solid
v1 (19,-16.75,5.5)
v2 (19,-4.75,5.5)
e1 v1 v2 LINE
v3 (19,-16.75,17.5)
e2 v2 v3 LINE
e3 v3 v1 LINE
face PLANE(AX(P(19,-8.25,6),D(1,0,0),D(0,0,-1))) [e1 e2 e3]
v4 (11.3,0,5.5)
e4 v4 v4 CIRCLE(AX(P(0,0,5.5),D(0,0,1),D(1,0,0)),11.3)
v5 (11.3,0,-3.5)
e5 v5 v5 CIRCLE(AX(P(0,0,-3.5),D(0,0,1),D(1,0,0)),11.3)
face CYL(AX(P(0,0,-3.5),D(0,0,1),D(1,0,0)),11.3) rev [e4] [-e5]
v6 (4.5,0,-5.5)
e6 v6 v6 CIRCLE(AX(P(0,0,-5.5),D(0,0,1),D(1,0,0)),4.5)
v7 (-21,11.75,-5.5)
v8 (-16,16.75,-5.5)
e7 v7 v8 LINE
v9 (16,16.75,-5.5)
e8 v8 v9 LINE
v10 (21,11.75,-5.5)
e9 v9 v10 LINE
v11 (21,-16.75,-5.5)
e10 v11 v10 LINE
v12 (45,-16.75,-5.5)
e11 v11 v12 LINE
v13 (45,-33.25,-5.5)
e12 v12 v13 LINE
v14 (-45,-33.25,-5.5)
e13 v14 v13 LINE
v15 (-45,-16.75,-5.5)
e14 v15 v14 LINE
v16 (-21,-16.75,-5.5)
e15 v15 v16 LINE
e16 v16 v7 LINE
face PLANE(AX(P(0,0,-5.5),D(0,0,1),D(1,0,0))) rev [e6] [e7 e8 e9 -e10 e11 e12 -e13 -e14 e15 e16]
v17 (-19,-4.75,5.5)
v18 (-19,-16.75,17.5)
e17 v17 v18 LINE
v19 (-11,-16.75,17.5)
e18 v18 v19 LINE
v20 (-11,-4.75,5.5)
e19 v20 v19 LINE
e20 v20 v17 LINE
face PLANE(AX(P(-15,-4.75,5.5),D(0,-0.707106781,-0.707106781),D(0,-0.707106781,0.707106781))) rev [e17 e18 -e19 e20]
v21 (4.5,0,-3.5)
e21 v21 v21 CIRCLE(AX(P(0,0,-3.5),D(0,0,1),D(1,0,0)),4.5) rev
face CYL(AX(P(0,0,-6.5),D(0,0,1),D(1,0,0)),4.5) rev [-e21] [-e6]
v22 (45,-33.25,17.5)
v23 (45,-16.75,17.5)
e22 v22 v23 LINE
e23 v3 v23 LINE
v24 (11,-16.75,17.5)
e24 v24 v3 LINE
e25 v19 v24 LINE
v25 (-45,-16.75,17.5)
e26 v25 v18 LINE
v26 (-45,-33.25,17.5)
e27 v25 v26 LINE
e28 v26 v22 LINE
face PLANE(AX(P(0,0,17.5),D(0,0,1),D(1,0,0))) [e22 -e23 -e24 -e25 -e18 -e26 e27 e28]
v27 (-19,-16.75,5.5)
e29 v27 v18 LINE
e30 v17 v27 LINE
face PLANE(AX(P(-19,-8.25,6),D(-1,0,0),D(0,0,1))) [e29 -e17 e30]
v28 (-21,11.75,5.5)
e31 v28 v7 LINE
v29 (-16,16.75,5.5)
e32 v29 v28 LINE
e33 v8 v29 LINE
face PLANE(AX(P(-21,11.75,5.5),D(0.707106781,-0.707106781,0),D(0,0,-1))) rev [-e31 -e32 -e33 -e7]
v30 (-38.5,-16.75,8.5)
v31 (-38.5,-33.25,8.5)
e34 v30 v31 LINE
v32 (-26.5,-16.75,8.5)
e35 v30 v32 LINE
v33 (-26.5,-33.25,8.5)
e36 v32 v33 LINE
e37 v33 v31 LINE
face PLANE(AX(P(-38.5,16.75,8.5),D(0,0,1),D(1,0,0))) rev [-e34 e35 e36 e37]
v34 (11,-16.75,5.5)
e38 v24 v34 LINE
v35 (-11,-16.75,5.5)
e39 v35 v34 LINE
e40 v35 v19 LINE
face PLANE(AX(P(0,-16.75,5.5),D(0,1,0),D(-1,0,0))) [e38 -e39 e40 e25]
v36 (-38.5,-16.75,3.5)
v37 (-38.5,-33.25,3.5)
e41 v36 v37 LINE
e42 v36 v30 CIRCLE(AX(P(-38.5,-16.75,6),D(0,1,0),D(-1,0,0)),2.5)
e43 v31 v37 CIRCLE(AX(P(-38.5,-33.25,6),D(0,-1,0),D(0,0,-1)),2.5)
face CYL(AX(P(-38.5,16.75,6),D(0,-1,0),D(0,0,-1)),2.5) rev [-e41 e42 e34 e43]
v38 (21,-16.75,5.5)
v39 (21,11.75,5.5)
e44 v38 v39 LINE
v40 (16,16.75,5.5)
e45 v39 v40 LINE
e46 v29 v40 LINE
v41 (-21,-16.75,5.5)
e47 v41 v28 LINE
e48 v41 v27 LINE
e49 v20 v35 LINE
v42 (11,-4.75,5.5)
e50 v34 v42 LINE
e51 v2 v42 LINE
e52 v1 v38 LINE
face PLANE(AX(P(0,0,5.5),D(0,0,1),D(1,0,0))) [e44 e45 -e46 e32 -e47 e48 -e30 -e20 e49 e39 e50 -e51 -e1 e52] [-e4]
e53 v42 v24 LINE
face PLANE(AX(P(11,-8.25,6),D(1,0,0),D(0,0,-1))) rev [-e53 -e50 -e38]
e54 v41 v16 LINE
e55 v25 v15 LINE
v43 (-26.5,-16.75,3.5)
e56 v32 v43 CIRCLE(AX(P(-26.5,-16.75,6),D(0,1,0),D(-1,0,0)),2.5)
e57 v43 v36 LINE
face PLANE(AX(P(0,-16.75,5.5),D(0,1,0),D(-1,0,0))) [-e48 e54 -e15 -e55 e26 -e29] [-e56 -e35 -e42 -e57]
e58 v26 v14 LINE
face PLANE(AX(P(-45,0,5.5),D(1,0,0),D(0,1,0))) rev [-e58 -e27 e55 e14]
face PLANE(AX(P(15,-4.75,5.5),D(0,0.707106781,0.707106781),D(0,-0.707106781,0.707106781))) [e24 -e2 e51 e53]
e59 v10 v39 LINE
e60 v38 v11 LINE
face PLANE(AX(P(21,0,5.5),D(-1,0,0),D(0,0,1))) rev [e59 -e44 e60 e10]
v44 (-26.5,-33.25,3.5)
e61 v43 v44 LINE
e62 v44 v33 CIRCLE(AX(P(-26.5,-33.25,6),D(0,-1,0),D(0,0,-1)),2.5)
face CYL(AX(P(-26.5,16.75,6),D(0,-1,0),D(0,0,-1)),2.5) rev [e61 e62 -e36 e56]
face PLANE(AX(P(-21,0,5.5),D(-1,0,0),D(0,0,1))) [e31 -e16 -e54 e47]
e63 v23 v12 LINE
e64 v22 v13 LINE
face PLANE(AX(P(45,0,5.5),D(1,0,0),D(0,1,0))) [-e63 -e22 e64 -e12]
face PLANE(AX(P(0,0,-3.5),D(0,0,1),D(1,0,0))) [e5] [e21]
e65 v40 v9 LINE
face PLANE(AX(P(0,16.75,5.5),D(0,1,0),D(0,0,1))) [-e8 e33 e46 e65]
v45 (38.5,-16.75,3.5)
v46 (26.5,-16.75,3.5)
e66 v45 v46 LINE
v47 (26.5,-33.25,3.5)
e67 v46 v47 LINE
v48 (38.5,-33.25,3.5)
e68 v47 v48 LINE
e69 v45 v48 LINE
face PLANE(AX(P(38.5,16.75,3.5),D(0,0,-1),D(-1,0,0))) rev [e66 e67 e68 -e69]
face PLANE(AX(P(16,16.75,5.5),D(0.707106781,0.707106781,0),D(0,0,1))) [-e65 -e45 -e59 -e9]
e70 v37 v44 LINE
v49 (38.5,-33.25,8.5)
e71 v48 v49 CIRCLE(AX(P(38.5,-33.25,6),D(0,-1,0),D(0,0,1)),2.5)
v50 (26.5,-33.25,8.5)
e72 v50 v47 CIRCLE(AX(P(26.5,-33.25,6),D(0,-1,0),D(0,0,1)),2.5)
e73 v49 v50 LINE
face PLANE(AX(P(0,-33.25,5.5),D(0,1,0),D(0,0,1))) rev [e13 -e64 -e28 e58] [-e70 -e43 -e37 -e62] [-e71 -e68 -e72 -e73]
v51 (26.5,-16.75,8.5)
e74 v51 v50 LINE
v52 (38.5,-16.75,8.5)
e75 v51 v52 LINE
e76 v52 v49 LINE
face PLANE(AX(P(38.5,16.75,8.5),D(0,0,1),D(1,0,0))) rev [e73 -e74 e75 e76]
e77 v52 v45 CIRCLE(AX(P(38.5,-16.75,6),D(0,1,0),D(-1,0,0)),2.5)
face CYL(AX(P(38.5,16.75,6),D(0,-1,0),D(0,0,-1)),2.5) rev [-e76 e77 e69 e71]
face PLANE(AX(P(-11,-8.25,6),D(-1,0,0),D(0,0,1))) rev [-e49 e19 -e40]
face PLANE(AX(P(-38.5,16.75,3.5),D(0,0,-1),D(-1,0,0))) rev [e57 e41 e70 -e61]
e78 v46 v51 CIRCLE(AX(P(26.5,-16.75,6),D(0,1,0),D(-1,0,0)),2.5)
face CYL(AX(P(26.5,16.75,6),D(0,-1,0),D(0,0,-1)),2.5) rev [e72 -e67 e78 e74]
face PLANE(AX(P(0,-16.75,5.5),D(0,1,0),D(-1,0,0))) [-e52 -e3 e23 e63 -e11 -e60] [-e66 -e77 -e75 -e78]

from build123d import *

# Parameters (mm, degrees)
CROQUIS1_W              = 42
CROQUIS1_H              = 33.5
SALIENTE_EXTRUIR1_DEPTH = 5.5
SALIENTE_EXTRUIR2_DEPTH = 12
NERVIO4_REACH           = 72.794
CROQUIS4_WALL_W         = 160.558874412
CROQUIS4_WALL_H         = 8
CROQUIS5_R              = 4.5
CORTAR_EXTRUIR1_DEPTH   = 12
CROQUIS6_R              = 11.3
CORTAR_EXTRUIR2_DEPTH   = 9
CORTAR_EXTRUIR3_DEPTH   = 70.507193872
CHAFL_N1_SIZE           = 5


with BuildPart() as part:
    # Croquis1 → Saliente-Extruir1 (new, symmetric)
    with BuildSketch(Plane.XY):
        Rectangle(CROQUIS1_W, CROQUIS1_H)
        Polygon((21, -16.75), (-21, -16.75), (-45, -16.75), (-45, -33.25), (45, -33.25), (45, -16.75), align=None)
    extrude(amount=SALIENTE_EXTRUIR1_DEPTH, both=True)

    # Croquis2 → Saliente-Extruir2 (add)
    with BuildSketch(Plane.XY.offset(5.5)):
        Polygon((-21, -16.75), (-45, -16.75), (-45, -33.25), (45, -33.25), (45, -16.75), (21, -16.75), align=None)
    extrude(amount=SALIENTE_EXTRUIR2_DEPTH)

    # Croquis4 wall → Nervio4 (add, up to next)
    with BuildSketch(Plane(origin=(15, -10.75, 11.5), x_dir=(0, -0.707106781187, 0.707106781187), z_dir=(0, -0.707106781187, -0.707106781187)), mode=Mode.PRIVATE) as nervio4_sk1:
        Rectangle(CROQUIS4_WALL_W, CROQUIS4_WALL_H)
    nervio4_tool1 = extrude(nervio4_sk1.sketch, amount=NERVIO4_REACH, mode=Mode.PRIVATE) - part.part
    nervio4 = nervio4_tool1.solids().sort_by_distance((15, -10.75, 11.5))[0]
    add(nervio4)

    # Simetría1: Nervio4 across plane
    add(nervio4.mirror(Plane(origin=(0, 0, 0), x_dir=(0, 0, 1), z_dir=(1, 0, 0))))

    # Croquis5 → Cortar-Extruir1 (cut)
    with BuildSketch(Plane.XY.offset(5.5)):
        Circle(CROQUIS5_R)
    extrude(amount=-CORTAR_EXTRUIR1_DEPTH, mode=Mode.SUBTRACT)

    # Croquis6 → Cortar-Extruir2 (cut)
    with BuildSketch(Plane.XY.offset(5.5)):
        Circle(CROQUIS6_R)
    extrude(amount=-CORTAR_EXTRUIR2_DEPTH, mode=Mode.SUBTRACT)

    # Croquis7 → Cortar-Extruir3 (cut, through all)
    with BuildSketch(Plane.XZ.offset(33.25)):
        with BuildLine():
            Line((-38.5, 8.5), (-26.5, 8.5))
            ThreePointArc((-26.5, 8.5), (-24, 6), (-26.5, 3.5))
            Line((-26.5, 3.5), (-38.5, 3.5))
            ThreePointArc((-38.5, 3.5), (-41, 6), (-38.5, 8.5))
        make_face()
        with BuildLine():
            Line((38.5, 8.5), (26.5, 8.5))
            ThreePointArc((26.5, 8.5), (24, 6), (26.5, 3.5))
            Line((26.5, 3.5), (38.5, 3.5))
            ThreePointArc((38.5, 3.5), (41, 6), (38.5, 8.5))
        make_face()
    extrude(amount=-CORTAR_EXTRUIR3_DEPTH, mode=Mode.SUBTRACT)

    # Chaflán1
    chafl_n1_edges = [part.edges().sort_by_distance(p)[0] for p in [
        (-21, 16.75, 0),
        (21, 16.75, 0),
    ]]
    chamfer(chafl_n1_edges, length=CHAFL_N1_SIZE)


solid = part.part
